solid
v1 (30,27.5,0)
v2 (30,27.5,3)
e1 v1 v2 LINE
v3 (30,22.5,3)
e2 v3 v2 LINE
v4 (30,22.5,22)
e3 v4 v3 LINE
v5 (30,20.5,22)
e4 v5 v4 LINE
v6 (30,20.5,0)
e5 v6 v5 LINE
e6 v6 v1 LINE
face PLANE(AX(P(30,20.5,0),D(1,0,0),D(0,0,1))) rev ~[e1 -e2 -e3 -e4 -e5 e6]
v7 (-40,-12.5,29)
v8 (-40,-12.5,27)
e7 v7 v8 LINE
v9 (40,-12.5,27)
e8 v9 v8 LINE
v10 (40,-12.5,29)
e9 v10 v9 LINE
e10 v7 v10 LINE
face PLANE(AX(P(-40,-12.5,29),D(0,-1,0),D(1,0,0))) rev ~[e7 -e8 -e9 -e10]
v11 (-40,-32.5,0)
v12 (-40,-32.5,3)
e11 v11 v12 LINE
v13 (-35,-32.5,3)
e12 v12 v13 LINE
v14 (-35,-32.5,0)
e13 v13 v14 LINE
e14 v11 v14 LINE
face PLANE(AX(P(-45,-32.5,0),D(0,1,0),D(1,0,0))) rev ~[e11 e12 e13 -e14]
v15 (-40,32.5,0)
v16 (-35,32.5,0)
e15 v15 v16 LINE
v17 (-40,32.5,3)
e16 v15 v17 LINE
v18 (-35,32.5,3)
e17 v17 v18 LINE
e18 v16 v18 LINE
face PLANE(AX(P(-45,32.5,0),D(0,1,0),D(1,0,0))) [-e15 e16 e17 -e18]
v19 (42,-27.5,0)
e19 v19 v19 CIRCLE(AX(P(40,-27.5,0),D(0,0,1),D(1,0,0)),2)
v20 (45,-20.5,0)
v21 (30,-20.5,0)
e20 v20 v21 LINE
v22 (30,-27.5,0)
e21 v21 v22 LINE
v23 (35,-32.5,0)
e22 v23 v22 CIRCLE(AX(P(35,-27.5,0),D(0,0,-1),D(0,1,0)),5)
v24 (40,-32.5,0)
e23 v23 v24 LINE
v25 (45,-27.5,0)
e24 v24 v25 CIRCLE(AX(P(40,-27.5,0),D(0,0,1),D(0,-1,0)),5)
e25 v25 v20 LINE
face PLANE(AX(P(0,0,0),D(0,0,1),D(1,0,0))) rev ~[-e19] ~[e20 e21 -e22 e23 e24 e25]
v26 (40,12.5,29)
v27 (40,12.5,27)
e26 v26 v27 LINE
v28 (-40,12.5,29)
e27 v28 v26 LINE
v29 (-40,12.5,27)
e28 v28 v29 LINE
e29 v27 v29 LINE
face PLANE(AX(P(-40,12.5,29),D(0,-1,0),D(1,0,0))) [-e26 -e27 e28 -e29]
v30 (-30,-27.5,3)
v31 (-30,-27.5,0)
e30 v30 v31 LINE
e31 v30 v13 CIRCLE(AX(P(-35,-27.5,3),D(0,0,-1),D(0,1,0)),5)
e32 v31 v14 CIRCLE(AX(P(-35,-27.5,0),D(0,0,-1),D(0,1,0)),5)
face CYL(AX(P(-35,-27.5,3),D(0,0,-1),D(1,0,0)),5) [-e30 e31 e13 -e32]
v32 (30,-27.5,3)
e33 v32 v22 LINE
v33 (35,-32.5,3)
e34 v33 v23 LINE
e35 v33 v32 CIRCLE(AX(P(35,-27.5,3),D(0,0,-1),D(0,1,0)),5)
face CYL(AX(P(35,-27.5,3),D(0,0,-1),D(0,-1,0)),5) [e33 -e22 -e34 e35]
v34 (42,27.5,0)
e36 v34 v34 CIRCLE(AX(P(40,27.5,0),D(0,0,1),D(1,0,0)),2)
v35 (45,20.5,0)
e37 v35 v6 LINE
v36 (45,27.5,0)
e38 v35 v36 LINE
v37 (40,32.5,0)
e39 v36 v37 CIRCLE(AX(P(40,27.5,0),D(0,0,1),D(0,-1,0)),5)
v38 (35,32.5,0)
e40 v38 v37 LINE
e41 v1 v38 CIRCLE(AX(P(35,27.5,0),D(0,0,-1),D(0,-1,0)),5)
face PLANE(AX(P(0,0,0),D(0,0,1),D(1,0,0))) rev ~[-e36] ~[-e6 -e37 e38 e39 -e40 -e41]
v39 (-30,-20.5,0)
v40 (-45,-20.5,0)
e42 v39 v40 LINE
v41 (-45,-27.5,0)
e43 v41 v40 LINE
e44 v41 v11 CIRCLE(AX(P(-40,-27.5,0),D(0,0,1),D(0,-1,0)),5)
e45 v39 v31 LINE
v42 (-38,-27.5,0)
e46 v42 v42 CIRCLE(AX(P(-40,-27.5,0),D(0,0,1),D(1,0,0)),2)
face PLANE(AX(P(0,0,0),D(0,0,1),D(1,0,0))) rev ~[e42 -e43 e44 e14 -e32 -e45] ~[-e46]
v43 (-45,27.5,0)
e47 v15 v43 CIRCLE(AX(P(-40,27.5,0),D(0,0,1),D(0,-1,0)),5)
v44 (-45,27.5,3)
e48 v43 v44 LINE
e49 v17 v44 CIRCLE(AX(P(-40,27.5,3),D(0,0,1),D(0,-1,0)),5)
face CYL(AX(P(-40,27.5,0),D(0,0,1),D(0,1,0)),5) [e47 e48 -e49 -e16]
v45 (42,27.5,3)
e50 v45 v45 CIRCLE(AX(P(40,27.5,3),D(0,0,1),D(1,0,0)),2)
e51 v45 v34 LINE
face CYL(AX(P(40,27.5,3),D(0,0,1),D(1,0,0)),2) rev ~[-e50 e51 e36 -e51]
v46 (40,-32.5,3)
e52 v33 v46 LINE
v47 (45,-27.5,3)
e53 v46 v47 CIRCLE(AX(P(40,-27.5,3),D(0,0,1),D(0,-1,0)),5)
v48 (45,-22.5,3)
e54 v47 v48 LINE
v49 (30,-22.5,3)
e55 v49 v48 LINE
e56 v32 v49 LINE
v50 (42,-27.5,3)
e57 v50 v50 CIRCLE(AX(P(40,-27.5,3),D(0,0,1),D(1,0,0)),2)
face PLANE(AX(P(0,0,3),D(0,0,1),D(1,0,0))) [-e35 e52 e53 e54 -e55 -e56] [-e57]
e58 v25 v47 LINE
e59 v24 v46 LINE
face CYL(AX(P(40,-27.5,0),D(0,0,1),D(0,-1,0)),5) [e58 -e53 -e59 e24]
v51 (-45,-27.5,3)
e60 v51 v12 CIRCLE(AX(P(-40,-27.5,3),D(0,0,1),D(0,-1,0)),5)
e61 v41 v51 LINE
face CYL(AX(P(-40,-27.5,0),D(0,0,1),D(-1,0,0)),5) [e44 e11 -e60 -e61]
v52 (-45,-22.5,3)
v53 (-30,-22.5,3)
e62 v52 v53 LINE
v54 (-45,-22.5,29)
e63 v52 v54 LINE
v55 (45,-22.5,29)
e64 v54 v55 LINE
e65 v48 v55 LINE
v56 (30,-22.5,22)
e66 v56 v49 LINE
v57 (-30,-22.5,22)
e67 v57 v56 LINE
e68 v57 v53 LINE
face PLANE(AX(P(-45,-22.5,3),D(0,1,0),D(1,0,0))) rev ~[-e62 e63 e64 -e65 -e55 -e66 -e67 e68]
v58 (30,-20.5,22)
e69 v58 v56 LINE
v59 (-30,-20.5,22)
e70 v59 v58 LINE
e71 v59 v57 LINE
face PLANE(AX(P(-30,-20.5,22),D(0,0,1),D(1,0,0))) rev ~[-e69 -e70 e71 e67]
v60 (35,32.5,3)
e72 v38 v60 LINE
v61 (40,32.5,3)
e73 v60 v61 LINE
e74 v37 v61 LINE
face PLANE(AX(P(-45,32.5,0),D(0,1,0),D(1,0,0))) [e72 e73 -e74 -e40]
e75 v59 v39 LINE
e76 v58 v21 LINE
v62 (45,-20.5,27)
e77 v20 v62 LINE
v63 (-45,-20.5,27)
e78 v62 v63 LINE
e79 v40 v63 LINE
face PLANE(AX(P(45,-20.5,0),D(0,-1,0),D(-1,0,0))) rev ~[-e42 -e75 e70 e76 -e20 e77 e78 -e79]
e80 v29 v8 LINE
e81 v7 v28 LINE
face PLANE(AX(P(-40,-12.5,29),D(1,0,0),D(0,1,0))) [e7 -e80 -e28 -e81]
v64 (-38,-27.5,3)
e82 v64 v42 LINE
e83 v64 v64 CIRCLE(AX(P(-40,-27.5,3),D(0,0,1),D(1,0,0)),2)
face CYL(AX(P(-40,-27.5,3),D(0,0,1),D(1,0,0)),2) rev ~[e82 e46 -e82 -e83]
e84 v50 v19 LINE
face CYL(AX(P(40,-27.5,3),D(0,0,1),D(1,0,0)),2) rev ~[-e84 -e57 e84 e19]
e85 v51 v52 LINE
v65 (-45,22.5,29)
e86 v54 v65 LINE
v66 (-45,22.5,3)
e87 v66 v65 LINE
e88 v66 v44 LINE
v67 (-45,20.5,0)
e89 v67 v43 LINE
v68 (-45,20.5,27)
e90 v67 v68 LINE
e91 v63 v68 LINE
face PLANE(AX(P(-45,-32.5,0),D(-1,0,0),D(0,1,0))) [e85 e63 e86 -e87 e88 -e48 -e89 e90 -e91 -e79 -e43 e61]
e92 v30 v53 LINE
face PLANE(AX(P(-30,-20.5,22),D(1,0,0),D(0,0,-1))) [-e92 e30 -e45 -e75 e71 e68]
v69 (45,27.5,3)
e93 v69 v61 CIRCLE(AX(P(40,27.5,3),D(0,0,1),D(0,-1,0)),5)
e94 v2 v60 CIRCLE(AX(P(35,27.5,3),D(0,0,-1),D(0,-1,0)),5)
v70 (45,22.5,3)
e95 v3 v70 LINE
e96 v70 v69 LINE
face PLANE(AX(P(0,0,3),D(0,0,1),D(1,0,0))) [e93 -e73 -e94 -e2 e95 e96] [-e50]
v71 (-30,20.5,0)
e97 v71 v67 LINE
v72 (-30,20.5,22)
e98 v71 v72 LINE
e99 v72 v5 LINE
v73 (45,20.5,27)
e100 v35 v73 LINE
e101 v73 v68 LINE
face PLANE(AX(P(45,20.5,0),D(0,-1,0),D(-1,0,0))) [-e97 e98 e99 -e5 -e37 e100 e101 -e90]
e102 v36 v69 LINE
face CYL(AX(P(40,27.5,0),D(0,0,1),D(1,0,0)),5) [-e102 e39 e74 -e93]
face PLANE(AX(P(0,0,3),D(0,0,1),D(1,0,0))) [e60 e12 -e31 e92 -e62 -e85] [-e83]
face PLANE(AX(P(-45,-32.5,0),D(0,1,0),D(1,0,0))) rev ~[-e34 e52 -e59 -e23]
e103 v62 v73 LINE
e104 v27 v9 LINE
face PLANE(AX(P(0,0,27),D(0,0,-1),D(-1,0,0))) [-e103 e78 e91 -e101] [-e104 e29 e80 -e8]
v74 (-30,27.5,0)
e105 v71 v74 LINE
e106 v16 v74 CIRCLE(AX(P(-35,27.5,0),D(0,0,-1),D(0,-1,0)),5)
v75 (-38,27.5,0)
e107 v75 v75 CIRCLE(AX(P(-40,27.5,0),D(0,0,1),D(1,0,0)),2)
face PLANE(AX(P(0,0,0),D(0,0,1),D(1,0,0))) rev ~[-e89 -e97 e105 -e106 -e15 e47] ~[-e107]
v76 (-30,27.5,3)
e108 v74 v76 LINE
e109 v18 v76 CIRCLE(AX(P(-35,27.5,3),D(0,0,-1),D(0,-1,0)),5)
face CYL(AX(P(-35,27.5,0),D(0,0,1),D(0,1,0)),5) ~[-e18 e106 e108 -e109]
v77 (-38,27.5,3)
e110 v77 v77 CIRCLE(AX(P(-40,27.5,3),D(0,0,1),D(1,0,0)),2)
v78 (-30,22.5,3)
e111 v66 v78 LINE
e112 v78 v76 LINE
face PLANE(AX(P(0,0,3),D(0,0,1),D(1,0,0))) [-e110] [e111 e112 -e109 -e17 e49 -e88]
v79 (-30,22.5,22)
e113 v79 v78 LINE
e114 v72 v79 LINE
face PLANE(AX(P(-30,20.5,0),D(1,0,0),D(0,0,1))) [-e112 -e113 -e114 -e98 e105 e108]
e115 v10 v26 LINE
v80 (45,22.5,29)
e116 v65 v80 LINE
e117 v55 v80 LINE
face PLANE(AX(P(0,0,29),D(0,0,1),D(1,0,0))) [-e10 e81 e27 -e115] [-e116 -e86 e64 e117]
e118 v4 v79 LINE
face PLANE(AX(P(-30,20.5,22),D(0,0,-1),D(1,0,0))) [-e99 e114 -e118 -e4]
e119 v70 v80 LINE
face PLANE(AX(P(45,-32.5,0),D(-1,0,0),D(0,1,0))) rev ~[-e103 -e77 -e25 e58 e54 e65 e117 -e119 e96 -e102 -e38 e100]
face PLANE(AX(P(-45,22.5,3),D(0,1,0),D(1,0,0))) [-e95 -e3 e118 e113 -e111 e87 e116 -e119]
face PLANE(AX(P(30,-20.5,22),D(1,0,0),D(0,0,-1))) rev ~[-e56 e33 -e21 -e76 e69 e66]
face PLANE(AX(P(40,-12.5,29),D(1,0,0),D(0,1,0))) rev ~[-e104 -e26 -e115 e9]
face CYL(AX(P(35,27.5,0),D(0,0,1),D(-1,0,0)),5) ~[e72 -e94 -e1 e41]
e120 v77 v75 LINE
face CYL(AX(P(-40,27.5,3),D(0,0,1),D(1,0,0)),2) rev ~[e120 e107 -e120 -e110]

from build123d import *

# Parameters (mm, degrees)
SKETCH1_W           = 90
SKETCH1_H           = 65
BOSS_EXTRUDE1_DEPTH = 3
FILLET4_R           = 5
FILLET5_R           = 5
FILLET6_R           = 5
FILLET7_R           = 5
SKETCH4_W           = 90
SKETCH4_H           = 45
BOSS_EXTRUDE2_DEPTH = 26
SKETCH6_W           = 90
SKETCH6_H           = 41
CUT_EXTRUDE2_DEPTH  = 27
SKETCH5_W           = 80
SKETCH5_H           = 25
CUT_EXTRUDE3_DEPTH  = 3
SKETCH7_R           = 2
CUT_EXTRUDE4_DEPTH  = 3
SKETCH8_R           = 2
CUT_EXTRUDE5_DEPTH  = 3
SKETCH10_W          = 60
SKETCH10_H          = 22
CUT_EXTRUDE7_DEPTH  = 12
FILLET9_R           = 5
FILLET10_R          = 5
SKETCH11_W          = 60
SKETCH11_H          = 22
CUT_EXTRUDE8_DEPTH  = 12
FILLET11_R          = 5
FILLET12_R          = 5


with BuildPart() as part:
    # Sketch1 → Boss-Extrude1 (new body)
    with BuildSketch(Plane.XY):
        Rectangle(SKETCH1_W, SKETCH1_H)
    extrude(amount=BOSS_EXTRUDE1_DEPTH)

    # Fillet4
    fillet4_edges = [part.edges().sort_by_distance(p)[0] for p in [
        (-45, -32.5, 1.5),
    ]]
    fillet(fillet4_edges, radius=FILLET4_R)

    # Fillet5
    fillet5_edges = [part.edges().sort_by_distance(p)[0] for p in [
        (45, -32.5, 1.5),
    ]]
    fillet(fillet5_edges, radius=FILLET5_R)

    # Fillet6
    fillet6_edges = [part.edges().sort_by_distance(p)[0] for p in [
        (45, 32.5, 1.5),
    ]]
    fillet(fillet6_edges, radius=FILLET6_R)

    # Fillet7
    fillet7_edges = [part.edges().sort_by_distance(p)[0] for p in [
        (-45, 32.5, 1.5),
    ]]
    fillet(fillet7_edges, radius=FILLET7_R)

    # Sketch4 → Boss-Extrude2 (add)
    with BuildSketch(Plane.XY.offset(3)):
        Rectangle(SKETCH4_W, SKETCH4_H)
    extrude(amount=BOSS_EXTRUDE2_DEPTH)

    # Sketch6 → Cut-Extrude2 (cut)
    with BuildSketch(Plane(origin=(0, 0, 0), x_dir=(-1, 0, 0), z_dir=(0, 0, -1))):
        Rectangle(SKETCH6_W, SKETCH6_H)
    extrude(amount=-CUT_EXTRUDE2_DEPTH, mode=Mode.SUBTRACT)

    # Sketch5 → Cut-Extrude3 (cut)
    with BuildSketch(Plane.XY.offset(29)):
        Rectangle(SKETCH5_W, SKETCH5_H)
    extrude(amount=-CUT_EXTRUDE3_DEPTH, mode=Mode.SUBTRACT)

    # Sketch7 → Cut-Extrude4 (cut)
    with BuildSketch(Plane.XY.offset(3)):
        with Locations((40, -27.5)):
            Circle(SKETCH7_R)
        with Locations((-40, -27.5)):
            Circle(SKETCH7_R)
    extrude(amount=-CUT_EXTRUDE4_DEPTH, mode=Mode.SUBTRACT)

    # Sketch8 → Cut-Extrude5 (cut)
    with BuildSketch(Plane.XY.offset(3)):
        with Locations((-40, 27.5)):
            Circle(SKETCH8_R)
        with Locations((40, 27.5)):
            Circle(SKETCH8_R)
    extrude(amount=-CUT_EXTRUDE5_DEPTH, mode=Mode.SUBTRACT)

    # Sketch10 → Cut-Extrude7 (cut)
    with BuildSketch(Plane.XZ.offset(-20.5)):
        with Locations((0, 11)):
            Rectangle(SKETCH10_W, SKETCH10_H)
    extrude(amount=-CUT_EXTRUDE7_DEPTH, mode=Mode.SUBTRACT)

    # Fillet9
    fillet9_edges = [part.edges().sort_by_distance(p)[0] for p in [
        (-30, 32.5, 1.5),
    ]]
    fillet(fillet9_edges, radius=FILLET9_R)

    # Fillet10
    fillet10_edges = [part.edges().sort_by_distance(p)[0] for p in [
        (30, 32.5, 1.5),
    ]]
    fillet(fillet10_edges, radius=FILLET10_R)

    # Sketch11 → Cut-Extrude8 (cut)
    with BuildSketch(Plane(origin=(0, -20.5, 0), x_dir=(1, 0, 0), z_dir=(0, 1, 0))):
        with Locations((0, -11)):
            Rectangle(SKETCH11_W, SKETCH11_H)
    extrude(amount=-CUT_EXTRUDE8_DEPTH, mode=Mode.SUBTRACT)

    # Fillet11
    fillet11_edges = [part.edges().sort_by_distance(p)[0] for p in [
        (30, -32.5, 1.5),
    ]]
    fillet(fillet11_edges, radius=FILLET11_R)

    # Fillet12
    fillet12_edges = [part.edges().sort_by_distance(p)[0] for p in [
        (-30, -32.5, 1.5),
    ]]
    fillet(fillet12_edges, radius=FILLET12_R)


solid = part.part
